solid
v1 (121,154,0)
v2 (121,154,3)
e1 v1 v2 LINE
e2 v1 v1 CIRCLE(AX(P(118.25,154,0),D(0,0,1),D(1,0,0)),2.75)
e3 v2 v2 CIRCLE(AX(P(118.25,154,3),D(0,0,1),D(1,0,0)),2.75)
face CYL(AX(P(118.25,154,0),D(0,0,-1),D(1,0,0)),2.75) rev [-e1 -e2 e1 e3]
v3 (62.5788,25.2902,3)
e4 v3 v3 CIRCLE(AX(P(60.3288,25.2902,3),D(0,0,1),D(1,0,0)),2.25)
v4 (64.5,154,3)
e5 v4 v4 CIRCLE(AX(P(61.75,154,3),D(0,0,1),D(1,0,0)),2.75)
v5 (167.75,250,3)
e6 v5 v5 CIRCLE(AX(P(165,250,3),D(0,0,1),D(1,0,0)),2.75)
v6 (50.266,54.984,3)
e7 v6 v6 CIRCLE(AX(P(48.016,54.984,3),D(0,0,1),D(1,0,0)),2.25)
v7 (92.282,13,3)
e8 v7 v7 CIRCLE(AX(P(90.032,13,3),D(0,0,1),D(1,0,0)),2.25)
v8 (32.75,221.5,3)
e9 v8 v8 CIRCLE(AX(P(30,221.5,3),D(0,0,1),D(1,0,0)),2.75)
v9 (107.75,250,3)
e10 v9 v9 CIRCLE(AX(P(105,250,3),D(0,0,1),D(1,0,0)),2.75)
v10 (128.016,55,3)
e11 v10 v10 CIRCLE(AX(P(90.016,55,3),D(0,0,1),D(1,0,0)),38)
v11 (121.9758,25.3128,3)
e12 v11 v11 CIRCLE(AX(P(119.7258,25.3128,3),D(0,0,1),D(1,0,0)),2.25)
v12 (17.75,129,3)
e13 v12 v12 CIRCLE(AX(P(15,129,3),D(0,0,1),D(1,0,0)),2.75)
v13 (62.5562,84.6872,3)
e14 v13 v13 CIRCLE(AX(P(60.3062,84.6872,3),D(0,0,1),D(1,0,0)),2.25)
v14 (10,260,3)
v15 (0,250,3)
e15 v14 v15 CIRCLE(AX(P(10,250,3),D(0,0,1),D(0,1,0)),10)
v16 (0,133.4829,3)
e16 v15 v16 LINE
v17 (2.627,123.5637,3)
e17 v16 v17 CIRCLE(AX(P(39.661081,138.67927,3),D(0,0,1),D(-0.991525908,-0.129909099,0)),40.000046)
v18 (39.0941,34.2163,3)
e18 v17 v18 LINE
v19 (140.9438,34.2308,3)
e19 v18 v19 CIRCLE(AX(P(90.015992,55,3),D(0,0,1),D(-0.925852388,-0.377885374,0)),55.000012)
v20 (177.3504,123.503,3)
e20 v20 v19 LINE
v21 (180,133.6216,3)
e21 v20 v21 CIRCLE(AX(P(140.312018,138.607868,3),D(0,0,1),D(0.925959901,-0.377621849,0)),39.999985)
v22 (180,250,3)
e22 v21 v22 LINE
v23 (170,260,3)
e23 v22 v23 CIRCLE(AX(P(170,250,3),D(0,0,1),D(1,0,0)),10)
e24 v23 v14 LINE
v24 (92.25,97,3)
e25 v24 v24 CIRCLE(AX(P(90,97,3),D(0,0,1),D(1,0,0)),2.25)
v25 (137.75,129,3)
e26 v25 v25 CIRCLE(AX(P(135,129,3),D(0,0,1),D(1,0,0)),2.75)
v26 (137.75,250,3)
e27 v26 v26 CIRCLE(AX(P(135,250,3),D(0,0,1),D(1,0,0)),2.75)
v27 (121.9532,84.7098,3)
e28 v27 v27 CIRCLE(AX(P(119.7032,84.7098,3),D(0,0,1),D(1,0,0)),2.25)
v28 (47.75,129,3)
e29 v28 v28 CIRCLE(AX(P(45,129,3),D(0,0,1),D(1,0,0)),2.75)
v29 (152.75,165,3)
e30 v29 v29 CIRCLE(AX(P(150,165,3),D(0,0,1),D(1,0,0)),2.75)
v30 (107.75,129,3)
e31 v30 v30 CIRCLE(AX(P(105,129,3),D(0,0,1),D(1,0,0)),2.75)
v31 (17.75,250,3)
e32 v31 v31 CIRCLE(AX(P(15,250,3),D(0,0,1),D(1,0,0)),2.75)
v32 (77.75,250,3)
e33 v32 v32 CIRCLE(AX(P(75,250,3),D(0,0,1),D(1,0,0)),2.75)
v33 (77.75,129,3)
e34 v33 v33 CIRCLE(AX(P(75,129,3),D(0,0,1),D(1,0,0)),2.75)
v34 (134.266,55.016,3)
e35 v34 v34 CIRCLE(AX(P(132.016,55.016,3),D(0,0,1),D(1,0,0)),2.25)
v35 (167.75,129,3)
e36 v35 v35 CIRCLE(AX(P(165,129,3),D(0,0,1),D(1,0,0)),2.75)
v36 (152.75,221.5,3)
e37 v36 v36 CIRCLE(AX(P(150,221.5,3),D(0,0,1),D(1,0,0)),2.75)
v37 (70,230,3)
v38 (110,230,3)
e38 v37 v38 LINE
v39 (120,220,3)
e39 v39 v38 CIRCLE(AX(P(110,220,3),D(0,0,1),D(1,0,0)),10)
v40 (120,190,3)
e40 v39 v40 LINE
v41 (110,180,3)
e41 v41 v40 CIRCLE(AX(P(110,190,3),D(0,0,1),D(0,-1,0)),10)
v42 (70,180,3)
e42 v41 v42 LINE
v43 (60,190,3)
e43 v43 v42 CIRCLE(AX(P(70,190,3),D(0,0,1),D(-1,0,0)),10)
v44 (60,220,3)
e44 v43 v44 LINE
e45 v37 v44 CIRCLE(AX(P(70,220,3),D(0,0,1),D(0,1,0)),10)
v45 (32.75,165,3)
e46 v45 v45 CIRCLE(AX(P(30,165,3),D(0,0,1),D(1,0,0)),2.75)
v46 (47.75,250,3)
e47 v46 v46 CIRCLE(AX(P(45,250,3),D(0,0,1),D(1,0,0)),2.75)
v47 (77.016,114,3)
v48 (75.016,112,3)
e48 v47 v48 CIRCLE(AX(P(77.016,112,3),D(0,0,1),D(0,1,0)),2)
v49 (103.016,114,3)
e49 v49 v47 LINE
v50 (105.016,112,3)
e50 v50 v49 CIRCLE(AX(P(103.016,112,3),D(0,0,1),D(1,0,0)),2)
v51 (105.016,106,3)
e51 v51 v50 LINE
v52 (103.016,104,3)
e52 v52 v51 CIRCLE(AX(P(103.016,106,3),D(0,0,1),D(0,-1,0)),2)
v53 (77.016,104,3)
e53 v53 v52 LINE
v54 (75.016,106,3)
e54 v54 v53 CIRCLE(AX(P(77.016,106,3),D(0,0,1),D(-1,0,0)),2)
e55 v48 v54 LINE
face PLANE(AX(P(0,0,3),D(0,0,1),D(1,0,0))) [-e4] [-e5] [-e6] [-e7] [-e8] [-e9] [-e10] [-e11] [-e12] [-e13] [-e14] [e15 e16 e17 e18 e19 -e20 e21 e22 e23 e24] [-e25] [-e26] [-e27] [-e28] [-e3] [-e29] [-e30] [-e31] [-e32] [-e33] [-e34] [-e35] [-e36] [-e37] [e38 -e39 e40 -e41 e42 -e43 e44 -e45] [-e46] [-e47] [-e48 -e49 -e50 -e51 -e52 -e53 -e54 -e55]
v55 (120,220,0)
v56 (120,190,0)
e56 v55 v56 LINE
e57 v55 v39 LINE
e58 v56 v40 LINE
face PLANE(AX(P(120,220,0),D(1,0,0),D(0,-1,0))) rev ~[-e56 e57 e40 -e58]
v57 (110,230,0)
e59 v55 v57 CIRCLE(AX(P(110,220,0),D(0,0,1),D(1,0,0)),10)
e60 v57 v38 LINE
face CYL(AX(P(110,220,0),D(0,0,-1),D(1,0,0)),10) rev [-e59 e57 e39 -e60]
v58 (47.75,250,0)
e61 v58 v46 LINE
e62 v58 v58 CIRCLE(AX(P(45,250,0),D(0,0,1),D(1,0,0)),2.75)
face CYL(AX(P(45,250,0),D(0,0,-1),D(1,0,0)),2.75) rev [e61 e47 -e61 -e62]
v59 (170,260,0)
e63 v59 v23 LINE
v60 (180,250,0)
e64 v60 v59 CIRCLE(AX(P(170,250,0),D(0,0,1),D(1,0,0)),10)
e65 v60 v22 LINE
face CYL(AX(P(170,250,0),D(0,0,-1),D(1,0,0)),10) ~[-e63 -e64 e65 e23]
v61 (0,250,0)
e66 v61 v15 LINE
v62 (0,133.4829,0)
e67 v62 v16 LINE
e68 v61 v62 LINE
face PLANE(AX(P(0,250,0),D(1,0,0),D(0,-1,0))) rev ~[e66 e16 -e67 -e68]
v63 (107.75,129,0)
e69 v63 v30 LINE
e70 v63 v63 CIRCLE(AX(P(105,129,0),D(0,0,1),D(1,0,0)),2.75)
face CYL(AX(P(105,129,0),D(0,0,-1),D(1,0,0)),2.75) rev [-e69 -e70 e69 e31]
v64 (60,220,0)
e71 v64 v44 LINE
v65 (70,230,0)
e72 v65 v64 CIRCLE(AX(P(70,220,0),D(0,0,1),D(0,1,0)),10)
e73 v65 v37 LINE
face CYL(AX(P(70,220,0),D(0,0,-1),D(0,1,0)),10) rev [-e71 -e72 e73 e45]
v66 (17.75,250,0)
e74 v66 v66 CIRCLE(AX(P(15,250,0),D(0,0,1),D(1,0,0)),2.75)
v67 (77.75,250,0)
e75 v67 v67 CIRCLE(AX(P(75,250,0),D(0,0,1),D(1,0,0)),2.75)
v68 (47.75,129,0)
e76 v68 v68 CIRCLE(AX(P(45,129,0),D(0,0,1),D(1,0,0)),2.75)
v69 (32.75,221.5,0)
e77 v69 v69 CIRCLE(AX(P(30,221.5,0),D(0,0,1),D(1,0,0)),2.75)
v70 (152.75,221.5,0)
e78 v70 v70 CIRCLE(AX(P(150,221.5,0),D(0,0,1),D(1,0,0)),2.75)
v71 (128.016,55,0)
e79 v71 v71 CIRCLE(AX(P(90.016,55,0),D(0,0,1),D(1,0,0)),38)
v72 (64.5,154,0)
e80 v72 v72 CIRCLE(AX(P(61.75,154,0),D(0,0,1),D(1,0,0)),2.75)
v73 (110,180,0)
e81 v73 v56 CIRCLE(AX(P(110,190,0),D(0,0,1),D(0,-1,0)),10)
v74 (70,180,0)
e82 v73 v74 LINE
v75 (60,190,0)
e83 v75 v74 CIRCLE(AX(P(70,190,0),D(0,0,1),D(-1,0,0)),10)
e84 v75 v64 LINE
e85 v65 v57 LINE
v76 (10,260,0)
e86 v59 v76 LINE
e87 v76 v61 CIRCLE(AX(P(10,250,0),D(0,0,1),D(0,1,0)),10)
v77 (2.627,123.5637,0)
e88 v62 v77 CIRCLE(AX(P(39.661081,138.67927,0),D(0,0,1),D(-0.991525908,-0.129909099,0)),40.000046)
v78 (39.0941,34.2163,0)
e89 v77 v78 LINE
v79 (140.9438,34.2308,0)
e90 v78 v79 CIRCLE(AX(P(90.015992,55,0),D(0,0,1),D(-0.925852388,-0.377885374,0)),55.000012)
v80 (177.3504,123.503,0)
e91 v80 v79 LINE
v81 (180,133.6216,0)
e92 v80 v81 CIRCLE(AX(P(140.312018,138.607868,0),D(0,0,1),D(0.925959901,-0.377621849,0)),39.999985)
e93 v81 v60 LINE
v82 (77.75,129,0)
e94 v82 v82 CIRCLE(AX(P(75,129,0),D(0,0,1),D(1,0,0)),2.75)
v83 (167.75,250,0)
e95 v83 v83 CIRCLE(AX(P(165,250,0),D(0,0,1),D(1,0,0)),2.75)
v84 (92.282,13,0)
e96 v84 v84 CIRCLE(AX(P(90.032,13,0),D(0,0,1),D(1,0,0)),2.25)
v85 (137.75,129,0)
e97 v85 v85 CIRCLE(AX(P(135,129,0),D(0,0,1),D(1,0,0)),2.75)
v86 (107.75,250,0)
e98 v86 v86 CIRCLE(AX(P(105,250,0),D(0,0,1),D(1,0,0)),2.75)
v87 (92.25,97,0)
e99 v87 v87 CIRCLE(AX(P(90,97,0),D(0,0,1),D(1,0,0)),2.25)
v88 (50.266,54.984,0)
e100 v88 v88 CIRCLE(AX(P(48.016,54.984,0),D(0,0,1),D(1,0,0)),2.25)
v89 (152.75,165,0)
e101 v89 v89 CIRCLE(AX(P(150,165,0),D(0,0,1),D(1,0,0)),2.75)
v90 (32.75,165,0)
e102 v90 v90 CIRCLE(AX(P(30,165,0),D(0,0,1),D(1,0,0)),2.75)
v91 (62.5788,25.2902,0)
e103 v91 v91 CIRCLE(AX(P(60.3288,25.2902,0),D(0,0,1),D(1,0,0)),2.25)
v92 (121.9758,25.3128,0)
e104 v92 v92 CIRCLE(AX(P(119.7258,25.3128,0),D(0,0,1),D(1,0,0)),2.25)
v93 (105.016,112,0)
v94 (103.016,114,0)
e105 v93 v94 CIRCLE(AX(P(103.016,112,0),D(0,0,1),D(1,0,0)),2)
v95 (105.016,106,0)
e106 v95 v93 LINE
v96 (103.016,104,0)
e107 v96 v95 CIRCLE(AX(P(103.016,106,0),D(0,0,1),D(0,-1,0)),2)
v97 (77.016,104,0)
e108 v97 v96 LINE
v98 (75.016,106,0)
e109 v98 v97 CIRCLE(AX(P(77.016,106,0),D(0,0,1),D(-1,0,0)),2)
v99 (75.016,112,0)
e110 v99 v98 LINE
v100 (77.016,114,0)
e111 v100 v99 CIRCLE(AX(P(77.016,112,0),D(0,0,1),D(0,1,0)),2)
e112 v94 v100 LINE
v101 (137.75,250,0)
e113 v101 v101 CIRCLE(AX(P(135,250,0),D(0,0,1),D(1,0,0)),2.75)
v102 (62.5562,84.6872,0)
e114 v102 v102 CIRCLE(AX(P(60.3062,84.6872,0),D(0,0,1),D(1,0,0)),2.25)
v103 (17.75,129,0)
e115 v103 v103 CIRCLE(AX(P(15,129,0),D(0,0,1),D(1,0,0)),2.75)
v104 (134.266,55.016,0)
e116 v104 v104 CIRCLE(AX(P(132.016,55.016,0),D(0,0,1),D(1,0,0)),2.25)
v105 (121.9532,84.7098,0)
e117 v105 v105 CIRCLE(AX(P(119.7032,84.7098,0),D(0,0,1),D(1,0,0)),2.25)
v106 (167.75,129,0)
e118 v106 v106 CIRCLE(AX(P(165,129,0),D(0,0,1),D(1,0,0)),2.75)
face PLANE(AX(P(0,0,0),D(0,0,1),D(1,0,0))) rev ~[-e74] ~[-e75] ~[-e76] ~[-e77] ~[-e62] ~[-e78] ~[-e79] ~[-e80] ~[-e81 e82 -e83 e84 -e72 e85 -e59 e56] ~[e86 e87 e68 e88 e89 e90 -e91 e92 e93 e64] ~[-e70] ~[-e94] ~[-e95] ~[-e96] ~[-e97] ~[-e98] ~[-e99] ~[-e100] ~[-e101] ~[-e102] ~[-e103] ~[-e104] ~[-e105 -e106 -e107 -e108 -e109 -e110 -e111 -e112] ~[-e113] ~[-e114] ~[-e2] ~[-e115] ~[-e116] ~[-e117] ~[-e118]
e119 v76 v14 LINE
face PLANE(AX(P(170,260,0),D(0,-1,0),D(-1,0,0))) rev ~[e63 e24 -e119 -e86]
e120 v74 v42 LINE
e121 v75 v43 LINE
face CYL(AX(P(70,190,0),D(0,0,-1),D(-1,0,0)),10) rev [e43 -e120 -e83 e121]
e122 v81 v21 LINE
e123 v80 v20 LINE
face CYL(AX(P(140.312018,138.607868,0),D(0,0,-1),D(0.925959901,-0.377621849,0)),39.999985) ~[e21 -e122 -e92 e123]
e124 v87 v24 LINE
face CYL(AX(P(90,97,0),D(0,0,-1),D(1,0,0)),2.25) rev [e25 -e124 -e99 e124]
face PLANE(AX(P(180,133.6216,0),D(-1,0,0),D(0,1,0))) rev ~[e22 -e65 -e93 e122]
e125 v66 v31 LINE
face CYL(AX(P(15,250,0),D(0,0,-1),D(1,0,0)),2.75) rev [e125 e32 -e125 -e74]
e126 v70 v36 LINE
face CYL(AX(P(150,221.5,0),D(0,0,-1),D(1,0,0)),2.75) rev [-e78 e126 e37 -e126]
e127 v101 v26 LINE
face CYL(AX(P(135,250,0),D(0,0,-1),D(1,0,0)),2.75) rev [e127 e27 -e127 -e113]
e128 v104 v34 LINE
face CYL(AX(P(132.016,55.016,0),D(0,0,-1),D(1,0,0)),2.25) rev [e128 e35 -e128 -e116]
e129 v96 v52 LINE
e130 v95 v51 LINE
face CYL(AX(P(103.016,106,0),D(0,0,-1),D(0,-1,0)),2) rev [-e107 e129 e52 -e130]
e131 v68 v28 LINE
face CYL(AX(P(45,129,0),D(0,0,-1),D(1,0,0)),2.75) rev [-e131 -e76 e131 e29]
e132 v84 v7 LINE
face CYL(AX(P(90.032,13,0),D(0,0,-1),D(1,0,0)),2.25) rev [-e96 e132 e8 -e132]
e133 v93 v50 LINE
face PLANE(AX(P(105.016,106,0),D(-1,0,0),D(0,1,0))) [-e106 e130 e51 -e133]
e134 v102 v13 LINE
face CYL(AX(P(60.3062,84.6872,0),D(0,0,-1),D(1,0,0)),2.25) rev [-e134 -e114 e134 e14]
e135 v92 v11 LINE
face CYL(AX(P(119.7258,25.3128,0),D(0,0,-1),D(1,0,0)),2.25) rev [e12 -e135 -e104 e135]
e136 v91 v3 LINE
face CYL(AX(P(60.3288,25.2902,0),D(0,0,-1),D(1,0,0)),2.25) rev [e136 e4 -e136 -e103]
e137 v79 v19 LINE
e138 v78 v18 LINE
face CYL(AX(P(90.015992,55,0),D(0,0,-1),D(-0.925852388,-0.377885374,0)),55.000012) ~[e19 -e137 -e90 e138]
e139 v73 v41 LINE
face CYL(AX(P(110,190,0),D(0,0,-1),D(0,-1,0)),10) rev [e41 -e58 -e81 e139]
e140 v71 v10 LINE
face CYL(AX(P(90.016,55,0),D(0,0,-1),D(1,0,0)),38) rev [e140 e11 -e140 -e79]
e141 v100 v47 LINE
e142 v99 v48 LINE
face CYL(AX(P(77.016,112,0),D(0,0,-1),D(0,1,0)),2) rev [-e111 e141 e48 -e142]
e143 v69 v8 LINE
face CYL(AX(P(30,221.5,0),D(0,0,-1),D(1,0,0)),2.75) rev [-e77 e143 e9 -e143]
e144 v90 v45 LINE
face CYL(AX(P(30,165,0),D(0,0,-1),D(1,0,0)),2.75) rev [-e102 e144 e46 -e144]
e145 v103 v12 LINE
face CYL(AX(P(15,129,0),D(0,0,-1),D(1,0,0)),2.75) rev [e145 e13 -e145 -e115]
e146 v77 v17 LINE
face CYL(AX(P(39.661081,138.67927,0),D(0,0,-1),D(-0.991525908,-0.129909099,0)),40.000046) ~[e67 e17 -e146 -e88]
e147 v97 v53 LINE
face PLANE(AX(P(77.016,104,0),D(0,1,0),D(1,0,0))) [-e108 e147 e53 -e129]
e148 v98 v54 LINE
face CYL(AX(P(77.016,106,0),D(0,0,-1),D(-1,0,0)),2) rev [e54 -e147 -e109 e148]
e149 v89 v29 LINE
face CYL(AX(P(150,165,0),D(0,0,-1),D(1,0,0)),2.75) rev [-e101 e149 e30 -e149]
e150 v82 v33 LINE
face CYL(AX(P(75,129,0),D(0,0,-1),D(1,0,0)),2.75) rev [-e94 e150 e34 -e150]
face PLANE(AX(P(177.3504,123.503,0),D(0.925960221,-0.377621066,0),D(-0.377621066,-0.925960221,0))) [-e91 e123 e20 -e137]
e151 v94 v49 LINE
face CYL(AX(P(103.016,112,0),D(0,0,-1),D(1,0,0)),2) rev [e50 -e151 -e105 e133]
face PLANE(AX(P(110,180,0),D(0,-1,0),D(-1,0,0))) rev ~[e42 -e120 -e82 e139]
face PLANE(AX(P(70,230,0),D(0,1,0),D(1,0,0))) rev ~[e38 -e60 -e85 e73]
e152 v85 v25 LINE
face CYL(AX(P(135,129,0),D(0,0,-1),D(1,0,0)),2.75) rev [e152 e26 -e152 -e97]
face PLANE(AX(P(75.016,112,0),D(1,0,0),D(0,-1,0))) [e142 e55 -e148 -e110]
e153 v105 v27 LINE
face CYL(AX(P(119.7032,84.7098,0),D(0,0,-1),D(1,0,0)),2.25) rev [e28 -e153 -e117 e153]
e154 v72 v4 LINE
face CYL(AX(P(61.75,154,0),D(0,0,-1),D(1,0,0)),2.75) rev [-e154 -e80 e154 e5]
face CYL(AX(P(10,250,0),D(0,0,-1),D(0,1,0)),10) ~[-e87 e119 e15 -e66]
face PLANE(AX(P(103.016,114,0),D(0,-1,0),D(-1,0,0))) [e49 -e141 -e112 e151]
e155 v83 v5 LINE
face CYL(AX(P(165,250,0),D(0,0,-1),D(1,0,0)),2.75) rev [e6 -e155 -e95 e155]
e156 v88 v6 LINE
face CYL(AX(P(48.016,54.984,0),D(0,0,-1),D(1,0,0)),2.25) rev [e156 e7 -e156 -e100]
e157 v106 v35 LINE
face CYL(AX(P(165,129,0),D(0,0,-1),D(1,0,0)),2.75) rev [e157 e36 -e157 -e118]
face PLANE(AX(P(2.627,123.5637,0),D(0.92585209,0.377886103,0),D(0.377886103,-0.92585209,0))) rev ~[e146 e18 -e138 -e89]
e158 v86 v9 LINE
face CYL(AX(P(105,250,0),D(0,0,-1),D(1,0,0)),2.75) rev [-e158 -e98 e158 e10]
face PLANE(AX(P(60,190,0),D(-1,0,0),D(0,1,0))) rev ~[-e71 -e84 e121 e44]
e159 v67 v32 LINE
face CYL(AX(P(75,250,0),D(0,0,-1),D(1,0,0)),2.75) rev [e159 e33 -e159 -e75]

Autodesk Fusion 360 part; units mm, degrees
sketch "Sketch1" plane through (0, 0, 0) normal (0, 0, 1) x (1, 0, 0)
  line L0 (180, 133.6216) -> (180, 250)
  line L1 (170, 260) -> (10, 260)
  line L2 (0, 250) -> (0, 133.4829)
  circle A0 centre (90.016, 55) radius 38
  circle A1 centre (90.016, 55) radius 42 construction
  circle A2 centre (30, 165) radius 2.75
  circle A3 centre (30, 221.5) radius 2.75
  line L3 (2.627, 123.5637) -> (39.0941, 34.2163)
  line L4 (177.3504, 123.503) -> (140.9438, 34.2308)
  arc A4 (0, 133.4829) -> (2.627, 123.5637) centre (39.6611, 138.6792) ccw
  arc A5 (177.3504, 123.503) -> (180, 133.6216) centre (140.312, 138.6078) ccw
  arc A6 (10, 260) -> (0, 250) centre (10, 250) ccw
  arc A7 (180, 250) -> (170, 260) centre (170, 250) ccw
  arc A8 (39.0941, 34.2163) -> (140.9438, 34.2308) centre (90.016, 55) ccw
  circle A9 centre (90, 97) radius 2.25
  circle A10 centre (60.3062, 84.6872) radius 2.25
  circle A11 centre (48.016, 54.984) radius 2.25
  circle A12 centre (60.3288, 25.2902) radius 2.25
  circle A13 centre (90.032, 13) radius 2.25
  circle A14 centre (119.7258, 25.3128) radius 2.25
  circle A15 centre (132.016, 55.016) radius 2.25
  circle A16 centre (119.7032, 84.7098) radius 2.25
  circle A17 centre (150, 221.5) radius 2.75
  circle A18 centre (150, 165) radius 2.75
  circle A19 centre (61.75, 154) radius 2.75
  circle A20 centre (118.25, 154) radius 2.75
  line L5 (77.016, 104) -> (103.016, 104)
  line L6 (105.016, 106) -> (105.016, 112)
  line L7 (103.016, 114) -> (77.016, 114)
  line L8 (75.016, 112) -> (75.016, 106)
  arc A21 (77.016, 114) -> (75.016, 112) centre (77.016, 112) ccw
  arc A22 (75.016, 106) -> (77.016, 104) centre (77.016, 106) ccw
  arc A23 (103.016, 104) -> (105.016, 106) centre (103.016, 106) ccw
  arc A24 (105.016, 112) -> (103.016, 114) centre (103.016, 112) ccw
  circle A25 centre (15, 129) radius 2.75
  circle A26 centre (15, 250) radius 2.75
  circle A27 centre (45, 250) radius 2.75
  circle A28 centre (45, 129) radius 2.75
  circle A29 centre (75, 250) radius 2.75
  circle A30 centre (105, 250) radius 2.75
  circle A31 centre (135, 250) radius 2.75
  circle A32 centre (135, 129) radius 2.75
  circle A33 centre (165, 250) radius 2.75
  circle A34 centre (165, 129) radius 2.75
  line L9 (110, 180) -> (70, 180)
  line L10 (60, 190) -> (60, 220)
  line L11 (70, 230) -> (110, 230)
  line L12 (120, 220) -> (120, 190)
  arc A35 (70, 230) -> (60, 220) centre (70, 220) ccw
  arc A36 (120, 220) -> (110, 230) centre (110, 220) ccw
  arc A37 (110, 180) -> (120, 190) centre (110, 190) ccw
  arc A38 (60, 190) -> (70, 180) centre (70, 190) ccw
  circle A39 centre (75, 129) radius 2.75
  circle A40 centre (105, 129) radius 2.75
  point P0 (180, 260)
  point P1 (0, 260)
  point P2 (0, 130)
  point P3 (75.016, 104)
  point P4 (105.016, 114)
  point P5 (75.016, 114)
  dimension "d1" = 260
  dimension "d3" = 76
  dimension "d4" = 84
  dimension "d5" = 110
  dimension "d8" = 130
  dimension "d9" = 180
  dimension "d10" = 40
  dimension "d11" = 10
  dimension "d12" = 4.5
  dimension "d13" = 90
  dimension "d15" = 360
  dimension "d16" = 5.5
  dimension "d17" = 5.5
  dimension "d18" = 56.5
  dimension "d19" = 110
  dimension "d22" = 120
  dimension "d23" = 0
  dimension "d24" = 30
  dimension "d25" = 30
  dimension "d26" = 5.5
  dimension "d27" = 5.5
  dimension "d28" = 56.5
  dimension "d29" = 61.75
  dimension "d32" = 30
  dimension "d33" = 10
  dimension "d34" = 15
  dimension "d35" = 49
  dimension "d36" = 2
  dimension "d37" = 5.5
  dimension "d38" = 15
  dimension "d39" = 5.5
  dimension "d40" = 15
  dimension "d41" = 10
  dimension "d44" = 30
  dimension "d45" = 0
  dimension "d46" = 60
  dimension "d47" = 60
  dimension "d48" = 50
  dimension "d49" = 30
  dimension "d50" = 10
  dimension "d54" = 40
  dimension "d57" = 15
  dimension "d60" = 60
  dimension "d61" = 0
extrude "Extrude1" add sketch "Sketch1" along normal blind 3 contours L0 L1 L2 L3 L4 A4 A5 A6 A7 A8 | A39 | A40
extrude "Extrude3" cut sketch "Sketch1" along normal through all contours A39 | A40
extrude "Extrude2" [suppressed]
equation "d29 = ( ( 180 - 56.5 ) / 2 ) * 1 mm"
